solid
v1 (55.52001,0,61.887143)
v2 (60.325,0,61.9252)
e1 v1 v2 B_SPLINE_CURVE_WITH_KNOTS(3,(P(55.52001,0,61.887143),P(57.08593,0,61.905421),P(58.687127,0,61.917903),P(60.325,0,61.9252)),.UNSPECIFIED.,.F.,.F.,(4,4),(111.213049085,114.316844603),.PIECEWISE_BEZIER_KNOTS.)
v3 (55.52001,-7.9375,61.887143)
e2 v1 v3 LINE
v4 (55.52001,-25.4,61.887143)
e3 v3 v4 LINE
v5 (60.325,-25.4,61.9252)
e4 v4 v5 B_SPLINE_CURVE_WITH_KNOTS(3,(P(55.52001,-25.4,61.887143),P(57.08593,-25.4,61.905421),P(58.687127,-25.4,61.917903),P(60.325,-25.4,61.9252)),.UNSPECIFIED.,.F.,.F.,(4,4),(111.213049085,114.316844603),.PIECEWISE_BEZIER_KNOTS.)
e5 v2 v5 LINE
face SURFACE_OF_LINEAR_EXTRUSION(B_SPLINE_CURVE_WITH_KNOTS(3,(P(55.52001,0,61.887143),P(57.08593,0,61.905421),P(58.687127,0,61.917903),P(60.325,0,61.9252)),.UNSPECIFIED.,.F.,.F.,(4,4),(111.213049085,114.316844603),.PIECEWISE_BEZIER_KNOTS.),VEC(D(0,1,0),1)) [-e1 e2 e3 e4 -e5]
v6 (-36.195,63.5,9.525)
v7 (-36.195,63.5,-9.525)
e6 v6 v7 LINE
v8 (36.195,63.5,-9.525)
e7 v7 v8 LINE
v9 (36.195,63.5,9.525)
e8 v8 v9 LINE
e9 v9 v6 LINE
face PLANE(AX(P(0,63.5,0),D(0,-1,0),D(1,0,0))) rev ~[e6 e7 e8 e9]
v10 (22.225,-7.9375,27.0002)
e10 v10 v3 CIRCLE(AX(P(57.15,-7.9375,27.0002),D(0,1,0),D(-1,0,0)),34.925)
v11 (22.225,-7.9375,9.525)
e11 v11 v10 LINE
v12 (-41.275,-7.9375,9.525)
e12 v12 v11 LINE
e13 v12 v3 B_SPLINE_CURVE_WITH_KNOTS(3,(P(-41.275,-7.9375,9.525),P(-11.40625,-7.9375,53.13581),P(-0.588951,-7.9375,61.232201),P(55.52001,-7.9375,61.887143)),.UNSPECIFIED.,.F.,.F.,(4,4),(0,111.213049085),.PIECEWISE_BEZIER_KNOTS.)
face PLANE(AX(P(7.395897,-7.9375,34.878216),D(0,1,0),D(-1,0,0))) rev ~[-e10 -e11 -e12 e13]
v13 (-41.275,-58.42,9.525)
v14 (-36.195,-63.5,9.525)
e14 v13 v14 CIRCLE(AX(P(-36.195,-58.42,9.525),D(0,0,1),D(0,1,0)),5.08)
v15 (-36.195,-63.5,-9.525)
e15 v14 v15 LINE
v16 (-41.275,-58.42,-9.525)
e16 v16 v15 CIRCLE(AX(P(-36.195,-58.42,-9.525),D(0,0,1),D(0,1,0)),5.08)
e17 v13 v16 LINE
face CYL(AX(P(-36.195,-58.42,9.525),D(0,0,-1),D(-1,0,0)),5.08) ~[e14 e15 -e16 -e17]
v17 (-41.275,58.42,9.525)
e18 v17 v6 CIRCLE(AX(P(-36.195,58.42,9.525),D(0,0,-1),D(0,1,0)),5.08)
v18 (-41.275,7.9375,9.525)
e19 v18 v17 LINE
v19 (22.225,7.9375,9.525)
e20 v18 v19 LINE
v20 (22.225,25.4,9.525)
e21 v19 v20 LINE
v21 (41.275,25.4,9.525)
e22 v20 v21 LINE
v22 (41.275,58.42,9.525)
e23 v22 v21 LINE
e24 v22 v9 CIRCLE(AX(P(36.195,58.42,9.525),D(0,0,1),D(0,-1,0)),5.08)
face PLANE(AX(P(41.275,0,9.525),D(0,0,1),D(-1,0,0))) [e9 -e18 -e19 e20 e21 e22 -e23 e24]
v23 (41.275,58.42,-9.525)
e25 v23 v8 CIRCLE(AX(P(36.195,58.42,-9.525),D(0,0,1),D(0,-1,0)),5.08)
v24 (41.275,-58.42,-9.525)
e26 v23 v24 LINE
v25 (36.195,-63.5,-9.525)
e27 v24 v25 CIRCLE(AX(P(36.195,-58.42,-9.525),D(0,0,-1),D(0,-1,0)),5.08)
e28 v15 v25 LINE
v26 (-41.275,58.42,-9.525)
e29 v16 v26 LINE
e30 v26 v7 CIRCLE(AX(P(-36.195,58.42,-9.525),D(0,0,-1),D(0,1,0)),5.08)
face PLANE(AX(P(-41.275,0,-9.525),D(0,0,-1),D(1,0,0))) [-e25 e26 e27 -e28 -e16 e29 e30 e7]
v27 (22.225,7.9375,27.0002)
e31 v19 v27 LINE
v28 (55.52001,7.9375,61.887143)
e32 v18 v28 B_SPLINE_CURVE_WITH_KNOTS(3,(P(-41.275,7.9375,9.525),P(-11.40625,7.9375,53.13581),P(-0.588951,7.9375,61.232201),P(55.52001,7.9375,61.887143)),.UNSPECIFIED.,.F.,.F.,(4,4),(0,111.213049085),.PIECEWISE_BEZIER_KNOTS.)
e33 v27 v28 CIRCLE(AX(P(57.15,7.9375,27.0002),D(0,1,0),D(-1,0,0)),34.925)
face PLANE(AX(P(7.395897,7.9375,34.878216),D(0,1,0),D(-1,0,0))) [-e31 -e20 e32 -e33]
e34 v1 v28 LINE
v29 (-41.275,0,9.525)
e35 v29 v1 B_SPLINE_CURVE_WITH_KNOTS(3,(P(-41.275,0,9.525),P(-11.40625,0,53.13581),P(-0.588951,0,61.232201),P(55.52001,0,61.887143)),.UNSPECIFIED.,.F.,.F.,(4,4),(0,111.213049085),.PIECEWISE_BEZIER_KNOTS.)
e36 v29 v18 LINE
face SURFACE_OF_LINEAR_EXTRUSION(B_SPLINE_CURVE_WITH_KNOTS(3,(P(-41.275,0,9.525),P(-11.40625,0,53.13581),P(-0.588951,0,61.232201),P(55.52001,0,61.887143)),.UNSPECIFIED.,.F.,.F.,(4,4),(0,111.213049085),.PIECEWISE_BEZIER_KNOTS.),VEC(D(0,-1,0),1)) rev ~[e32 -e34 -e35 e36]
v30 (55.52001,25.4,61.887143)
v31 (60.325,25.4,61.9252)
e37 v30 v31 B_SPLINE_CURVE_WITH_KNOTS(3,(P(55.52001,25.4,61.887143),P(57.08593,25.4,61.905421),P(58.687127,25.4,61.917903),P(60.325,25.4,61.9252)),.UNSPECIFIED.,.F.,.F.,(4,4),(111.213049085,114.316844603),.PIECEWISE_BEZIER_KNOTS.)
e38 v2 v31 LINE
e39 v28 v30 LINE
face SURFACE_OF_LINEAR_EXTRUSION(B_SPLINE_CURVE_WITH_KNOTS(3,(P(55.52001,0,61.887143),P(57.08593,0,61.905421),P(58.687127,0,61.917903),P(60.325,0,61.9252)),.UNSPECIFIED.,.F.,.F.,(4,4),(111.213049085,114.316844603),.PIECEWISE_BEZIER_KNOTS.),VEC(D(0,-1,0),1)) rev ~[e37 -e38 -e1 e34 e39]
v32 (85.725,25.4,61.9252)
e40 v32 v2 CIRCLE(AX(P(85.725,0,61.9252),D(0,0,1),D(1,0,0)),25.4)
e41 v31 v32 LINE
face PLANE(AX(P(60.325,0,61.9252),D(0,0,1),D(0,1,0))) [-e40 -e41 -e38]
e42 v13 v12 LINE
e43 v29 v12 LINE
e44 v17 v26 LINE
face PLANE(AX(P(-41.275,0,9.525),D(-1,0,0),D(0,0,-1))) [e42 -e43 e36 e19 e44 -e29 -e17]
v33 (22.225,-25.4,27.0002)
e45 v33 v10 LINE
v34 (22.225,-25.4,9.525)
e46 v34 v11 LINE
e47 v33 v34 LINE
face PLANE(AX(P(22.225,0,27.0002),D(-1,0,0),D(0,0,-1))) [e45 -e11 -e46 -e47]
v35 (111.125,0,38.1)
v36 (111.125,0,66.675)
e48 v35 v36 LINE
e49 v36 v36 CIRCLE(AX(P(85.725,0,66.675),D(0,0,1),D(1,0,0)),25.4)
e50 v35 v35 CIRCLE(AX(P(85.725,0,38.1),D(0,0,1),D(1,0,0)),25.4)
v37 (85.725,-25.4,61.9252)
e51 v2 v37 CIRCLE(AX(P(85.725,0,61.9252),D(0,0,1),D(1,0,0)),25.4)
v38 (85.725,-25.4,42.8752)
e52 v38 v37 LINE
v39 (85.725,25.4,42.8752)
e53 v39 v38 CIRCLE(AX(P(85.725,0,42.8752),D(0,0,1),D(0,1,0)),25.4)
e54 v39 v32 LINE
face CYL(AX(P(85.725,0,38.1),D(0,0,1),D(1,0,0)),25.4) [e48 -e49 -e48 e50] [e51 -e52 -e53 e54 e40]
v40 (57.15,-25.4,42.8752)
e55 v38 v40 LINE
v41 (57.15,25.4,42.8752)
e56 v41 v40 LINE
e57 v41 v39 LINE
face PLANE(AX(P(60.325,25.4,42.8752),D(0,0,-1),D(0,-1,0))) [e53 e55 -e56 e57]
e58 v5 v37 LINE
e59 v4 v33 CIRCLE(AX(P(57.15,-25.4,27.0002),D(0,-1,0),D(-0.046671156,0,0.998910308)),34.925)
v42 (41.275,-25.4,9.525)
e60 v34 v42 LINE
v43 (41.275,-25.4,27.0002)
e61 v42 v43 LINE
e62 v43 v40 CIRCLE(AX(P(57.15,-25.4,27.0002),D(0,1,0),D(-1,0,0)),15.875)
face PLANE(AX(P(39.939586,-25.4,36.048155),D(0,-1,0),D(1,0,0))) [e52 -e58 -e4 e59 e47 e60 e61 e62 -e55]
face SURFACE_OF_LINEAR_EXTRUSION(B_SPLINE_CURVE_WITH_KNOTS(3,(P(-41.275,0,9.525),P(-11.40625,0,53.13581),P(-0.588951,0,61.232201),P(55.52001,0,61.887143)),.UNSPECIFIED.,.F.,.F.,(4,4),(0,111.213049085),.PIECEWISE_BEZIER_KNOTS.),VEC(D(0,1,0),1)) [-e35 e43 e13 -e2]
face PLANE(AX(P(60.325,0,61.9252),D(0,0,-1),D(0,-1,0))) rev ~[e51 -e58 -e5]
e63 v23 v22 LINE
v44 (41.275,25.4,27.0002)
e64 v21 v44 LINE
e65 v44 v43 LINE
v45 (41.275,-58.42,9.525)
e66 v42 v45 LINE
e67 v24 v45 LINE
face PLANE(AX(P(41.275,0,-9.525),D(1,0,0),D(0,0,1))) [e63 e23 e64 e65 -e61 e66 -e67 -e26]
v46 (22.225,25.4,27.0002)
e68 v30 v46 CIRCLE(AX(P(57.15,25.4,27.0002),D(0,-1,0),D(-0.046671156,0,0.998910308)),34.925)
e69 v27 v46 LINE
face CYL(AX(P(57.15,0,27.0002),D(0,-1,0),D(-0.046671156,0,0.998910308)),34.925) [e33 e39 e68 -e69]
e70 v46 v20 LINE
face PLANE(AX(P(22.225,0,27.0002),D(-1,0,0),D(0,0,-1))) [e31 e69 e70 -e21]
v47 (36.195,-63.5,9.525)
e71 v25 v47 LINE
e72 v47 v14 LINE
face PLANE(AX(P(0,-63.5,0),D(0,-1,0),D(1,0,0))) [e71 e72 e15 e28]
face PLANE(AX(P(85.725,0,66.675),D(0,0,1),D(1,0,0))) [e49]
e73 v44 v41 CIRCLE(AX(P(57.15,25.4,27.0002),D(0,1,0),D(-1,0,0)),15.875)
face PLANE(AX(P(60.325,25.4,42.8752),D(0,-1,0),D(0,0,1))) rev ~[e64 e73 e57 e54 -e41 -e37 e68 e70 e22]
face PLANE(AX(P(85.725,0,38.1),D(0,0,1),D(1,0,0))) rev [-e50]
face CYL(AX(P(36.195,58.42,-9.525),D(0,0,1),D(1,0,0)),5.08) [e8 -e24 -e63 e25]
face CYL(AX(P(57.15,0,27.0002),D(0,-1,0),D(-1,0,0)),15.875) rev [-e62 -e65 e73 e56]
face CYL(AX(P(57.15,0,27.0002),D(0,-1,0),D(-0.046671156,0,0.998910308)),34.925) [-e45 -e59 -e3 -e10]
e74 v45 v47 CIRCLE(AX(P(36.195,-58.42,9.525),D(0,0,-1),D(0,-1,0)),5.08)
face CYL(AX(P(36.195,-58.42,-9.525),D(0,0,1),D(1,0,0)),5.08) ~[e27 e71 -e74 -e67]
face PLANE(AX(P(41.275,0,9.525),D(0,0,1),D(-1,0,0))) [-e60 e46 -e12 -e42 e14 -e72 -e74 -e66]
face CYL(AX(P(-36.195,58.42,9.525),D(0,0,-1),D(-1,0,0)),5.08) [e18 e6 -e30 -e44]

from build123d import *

# Parameters (mm, degrees)
F1_DEPTH = 63.5
F2_DEPTH = 25.4
F3_DEPTH = 7.9375
F5_R     = 5.08
F6_DEPTH = 25.4


with BuildPart() as f1:
    # F0 (on Front) → F1 (new body, symmetric)
    with BuildSketch(Plane.XZ):
        Polygon((-41.275, -9.525), (41.275, -9.525), (41.275, 9.525), (22.225, 9.525), (-41.275, 9.525), align=None)
    extrude(amount=F1_DEPTH, both=True)

    # F0 (on Front) → F2 (join, symmetric)
    with BuildSketch(Plane.XZ):
        with BuildLine():
            Line((22.225, 9.525), (41.275, 9.525))
            Line((41.275, 9.525), (41.275, 27.0002))
            ThreePointArc((41.275, 27.0002), (45.9246798487, 38.2255201513), (57.15, 42.8752))
            Line((57.15, 42.8752), (60.325, 42.8752))
            Line((60.325, 42.8752), (60.325, 61.9252))
            add(Edge.make_bspline(
                [(55.5200098819, 61.8871425031), (57.0859299245, 61.9054209742), (58.687127075, 61.9179033933), (60.325, 61.9252)],
                knots=[111.2130490849, 111.2130490849, 111.2130490849, 111.2130490849, 114.3168446032, 114.3168446032, 114.3168446032, 114.3168446032], degree=3))
            ThreePointArc((55.5200098819, 61.8871425031), (31.8845786709, 51.1127301464), (22.225, 27.0002))
            Line((22.225, 27.0002), (22.225, 9.525))
        make_face()
    extrude(amount=F2_DEPTH, both=True)

    # F0 (on Front) → F3 (join, symmetric)
    with BuildSketch(Plane.XZ):
        with BuildLine():
            add(Edge.make_bspline(
                [(-41.275, 9.525), (-11.4062497234, 53.1358095427), (-0.5889513978, 61.2322009997), (55.5200098819, 61.8871425031)],
                knots=[0, 0, 0, 0, 111.2130490849, 111.2130490849, 111.2130490849, 111.2130490849], degree=3))
            Line((-41.275, 9.525), (22.225, 9.525))
            Line((22.225, 9.525), (22.225, 27.0002))
            ThreePointArc((22.225, 27.0002), (31.8845786709, 51.1127301464), (55.5200098819, 61.8871425031))
        make_face()
    extrude(amount=F3_DEPTH, both=True)

    # F0 (on Front) → F4 (revolve)
    with BuildSketch(Plane.XZ):
        Polygon((85.725, 66.675), (85.725, 61.9252), (85.725, 42.8752), (85.725, 38.1), (111.125, 38.1), (111.125, 66.675), align=None)
    revolve(axis=Axis((85.725, 0, 52.3875), (0, 0, 1)))

    # F5
    f5_edges = [f1.edges().sort_by_distance(p)[0] for p in [
        (-41.275, -63.5, 0),
        (41.275, -63.5, 0),
        (-41.275, 63.5, 0),
        (41.275, 63.5, 0),
    ]]
    fillet(f5_edges, radius=F5_R)

    # F6 (add): faces of the model
    f6_faces = [f1.faces().sort_by_distance(p)[0] for p in [
        (60.325, 12.7, 52.4002),
        (60.325, -12.7, 52.4002),
    ]]
    extrude(f6_faces, amount=F6_DEPTH)


solid = f1.part
